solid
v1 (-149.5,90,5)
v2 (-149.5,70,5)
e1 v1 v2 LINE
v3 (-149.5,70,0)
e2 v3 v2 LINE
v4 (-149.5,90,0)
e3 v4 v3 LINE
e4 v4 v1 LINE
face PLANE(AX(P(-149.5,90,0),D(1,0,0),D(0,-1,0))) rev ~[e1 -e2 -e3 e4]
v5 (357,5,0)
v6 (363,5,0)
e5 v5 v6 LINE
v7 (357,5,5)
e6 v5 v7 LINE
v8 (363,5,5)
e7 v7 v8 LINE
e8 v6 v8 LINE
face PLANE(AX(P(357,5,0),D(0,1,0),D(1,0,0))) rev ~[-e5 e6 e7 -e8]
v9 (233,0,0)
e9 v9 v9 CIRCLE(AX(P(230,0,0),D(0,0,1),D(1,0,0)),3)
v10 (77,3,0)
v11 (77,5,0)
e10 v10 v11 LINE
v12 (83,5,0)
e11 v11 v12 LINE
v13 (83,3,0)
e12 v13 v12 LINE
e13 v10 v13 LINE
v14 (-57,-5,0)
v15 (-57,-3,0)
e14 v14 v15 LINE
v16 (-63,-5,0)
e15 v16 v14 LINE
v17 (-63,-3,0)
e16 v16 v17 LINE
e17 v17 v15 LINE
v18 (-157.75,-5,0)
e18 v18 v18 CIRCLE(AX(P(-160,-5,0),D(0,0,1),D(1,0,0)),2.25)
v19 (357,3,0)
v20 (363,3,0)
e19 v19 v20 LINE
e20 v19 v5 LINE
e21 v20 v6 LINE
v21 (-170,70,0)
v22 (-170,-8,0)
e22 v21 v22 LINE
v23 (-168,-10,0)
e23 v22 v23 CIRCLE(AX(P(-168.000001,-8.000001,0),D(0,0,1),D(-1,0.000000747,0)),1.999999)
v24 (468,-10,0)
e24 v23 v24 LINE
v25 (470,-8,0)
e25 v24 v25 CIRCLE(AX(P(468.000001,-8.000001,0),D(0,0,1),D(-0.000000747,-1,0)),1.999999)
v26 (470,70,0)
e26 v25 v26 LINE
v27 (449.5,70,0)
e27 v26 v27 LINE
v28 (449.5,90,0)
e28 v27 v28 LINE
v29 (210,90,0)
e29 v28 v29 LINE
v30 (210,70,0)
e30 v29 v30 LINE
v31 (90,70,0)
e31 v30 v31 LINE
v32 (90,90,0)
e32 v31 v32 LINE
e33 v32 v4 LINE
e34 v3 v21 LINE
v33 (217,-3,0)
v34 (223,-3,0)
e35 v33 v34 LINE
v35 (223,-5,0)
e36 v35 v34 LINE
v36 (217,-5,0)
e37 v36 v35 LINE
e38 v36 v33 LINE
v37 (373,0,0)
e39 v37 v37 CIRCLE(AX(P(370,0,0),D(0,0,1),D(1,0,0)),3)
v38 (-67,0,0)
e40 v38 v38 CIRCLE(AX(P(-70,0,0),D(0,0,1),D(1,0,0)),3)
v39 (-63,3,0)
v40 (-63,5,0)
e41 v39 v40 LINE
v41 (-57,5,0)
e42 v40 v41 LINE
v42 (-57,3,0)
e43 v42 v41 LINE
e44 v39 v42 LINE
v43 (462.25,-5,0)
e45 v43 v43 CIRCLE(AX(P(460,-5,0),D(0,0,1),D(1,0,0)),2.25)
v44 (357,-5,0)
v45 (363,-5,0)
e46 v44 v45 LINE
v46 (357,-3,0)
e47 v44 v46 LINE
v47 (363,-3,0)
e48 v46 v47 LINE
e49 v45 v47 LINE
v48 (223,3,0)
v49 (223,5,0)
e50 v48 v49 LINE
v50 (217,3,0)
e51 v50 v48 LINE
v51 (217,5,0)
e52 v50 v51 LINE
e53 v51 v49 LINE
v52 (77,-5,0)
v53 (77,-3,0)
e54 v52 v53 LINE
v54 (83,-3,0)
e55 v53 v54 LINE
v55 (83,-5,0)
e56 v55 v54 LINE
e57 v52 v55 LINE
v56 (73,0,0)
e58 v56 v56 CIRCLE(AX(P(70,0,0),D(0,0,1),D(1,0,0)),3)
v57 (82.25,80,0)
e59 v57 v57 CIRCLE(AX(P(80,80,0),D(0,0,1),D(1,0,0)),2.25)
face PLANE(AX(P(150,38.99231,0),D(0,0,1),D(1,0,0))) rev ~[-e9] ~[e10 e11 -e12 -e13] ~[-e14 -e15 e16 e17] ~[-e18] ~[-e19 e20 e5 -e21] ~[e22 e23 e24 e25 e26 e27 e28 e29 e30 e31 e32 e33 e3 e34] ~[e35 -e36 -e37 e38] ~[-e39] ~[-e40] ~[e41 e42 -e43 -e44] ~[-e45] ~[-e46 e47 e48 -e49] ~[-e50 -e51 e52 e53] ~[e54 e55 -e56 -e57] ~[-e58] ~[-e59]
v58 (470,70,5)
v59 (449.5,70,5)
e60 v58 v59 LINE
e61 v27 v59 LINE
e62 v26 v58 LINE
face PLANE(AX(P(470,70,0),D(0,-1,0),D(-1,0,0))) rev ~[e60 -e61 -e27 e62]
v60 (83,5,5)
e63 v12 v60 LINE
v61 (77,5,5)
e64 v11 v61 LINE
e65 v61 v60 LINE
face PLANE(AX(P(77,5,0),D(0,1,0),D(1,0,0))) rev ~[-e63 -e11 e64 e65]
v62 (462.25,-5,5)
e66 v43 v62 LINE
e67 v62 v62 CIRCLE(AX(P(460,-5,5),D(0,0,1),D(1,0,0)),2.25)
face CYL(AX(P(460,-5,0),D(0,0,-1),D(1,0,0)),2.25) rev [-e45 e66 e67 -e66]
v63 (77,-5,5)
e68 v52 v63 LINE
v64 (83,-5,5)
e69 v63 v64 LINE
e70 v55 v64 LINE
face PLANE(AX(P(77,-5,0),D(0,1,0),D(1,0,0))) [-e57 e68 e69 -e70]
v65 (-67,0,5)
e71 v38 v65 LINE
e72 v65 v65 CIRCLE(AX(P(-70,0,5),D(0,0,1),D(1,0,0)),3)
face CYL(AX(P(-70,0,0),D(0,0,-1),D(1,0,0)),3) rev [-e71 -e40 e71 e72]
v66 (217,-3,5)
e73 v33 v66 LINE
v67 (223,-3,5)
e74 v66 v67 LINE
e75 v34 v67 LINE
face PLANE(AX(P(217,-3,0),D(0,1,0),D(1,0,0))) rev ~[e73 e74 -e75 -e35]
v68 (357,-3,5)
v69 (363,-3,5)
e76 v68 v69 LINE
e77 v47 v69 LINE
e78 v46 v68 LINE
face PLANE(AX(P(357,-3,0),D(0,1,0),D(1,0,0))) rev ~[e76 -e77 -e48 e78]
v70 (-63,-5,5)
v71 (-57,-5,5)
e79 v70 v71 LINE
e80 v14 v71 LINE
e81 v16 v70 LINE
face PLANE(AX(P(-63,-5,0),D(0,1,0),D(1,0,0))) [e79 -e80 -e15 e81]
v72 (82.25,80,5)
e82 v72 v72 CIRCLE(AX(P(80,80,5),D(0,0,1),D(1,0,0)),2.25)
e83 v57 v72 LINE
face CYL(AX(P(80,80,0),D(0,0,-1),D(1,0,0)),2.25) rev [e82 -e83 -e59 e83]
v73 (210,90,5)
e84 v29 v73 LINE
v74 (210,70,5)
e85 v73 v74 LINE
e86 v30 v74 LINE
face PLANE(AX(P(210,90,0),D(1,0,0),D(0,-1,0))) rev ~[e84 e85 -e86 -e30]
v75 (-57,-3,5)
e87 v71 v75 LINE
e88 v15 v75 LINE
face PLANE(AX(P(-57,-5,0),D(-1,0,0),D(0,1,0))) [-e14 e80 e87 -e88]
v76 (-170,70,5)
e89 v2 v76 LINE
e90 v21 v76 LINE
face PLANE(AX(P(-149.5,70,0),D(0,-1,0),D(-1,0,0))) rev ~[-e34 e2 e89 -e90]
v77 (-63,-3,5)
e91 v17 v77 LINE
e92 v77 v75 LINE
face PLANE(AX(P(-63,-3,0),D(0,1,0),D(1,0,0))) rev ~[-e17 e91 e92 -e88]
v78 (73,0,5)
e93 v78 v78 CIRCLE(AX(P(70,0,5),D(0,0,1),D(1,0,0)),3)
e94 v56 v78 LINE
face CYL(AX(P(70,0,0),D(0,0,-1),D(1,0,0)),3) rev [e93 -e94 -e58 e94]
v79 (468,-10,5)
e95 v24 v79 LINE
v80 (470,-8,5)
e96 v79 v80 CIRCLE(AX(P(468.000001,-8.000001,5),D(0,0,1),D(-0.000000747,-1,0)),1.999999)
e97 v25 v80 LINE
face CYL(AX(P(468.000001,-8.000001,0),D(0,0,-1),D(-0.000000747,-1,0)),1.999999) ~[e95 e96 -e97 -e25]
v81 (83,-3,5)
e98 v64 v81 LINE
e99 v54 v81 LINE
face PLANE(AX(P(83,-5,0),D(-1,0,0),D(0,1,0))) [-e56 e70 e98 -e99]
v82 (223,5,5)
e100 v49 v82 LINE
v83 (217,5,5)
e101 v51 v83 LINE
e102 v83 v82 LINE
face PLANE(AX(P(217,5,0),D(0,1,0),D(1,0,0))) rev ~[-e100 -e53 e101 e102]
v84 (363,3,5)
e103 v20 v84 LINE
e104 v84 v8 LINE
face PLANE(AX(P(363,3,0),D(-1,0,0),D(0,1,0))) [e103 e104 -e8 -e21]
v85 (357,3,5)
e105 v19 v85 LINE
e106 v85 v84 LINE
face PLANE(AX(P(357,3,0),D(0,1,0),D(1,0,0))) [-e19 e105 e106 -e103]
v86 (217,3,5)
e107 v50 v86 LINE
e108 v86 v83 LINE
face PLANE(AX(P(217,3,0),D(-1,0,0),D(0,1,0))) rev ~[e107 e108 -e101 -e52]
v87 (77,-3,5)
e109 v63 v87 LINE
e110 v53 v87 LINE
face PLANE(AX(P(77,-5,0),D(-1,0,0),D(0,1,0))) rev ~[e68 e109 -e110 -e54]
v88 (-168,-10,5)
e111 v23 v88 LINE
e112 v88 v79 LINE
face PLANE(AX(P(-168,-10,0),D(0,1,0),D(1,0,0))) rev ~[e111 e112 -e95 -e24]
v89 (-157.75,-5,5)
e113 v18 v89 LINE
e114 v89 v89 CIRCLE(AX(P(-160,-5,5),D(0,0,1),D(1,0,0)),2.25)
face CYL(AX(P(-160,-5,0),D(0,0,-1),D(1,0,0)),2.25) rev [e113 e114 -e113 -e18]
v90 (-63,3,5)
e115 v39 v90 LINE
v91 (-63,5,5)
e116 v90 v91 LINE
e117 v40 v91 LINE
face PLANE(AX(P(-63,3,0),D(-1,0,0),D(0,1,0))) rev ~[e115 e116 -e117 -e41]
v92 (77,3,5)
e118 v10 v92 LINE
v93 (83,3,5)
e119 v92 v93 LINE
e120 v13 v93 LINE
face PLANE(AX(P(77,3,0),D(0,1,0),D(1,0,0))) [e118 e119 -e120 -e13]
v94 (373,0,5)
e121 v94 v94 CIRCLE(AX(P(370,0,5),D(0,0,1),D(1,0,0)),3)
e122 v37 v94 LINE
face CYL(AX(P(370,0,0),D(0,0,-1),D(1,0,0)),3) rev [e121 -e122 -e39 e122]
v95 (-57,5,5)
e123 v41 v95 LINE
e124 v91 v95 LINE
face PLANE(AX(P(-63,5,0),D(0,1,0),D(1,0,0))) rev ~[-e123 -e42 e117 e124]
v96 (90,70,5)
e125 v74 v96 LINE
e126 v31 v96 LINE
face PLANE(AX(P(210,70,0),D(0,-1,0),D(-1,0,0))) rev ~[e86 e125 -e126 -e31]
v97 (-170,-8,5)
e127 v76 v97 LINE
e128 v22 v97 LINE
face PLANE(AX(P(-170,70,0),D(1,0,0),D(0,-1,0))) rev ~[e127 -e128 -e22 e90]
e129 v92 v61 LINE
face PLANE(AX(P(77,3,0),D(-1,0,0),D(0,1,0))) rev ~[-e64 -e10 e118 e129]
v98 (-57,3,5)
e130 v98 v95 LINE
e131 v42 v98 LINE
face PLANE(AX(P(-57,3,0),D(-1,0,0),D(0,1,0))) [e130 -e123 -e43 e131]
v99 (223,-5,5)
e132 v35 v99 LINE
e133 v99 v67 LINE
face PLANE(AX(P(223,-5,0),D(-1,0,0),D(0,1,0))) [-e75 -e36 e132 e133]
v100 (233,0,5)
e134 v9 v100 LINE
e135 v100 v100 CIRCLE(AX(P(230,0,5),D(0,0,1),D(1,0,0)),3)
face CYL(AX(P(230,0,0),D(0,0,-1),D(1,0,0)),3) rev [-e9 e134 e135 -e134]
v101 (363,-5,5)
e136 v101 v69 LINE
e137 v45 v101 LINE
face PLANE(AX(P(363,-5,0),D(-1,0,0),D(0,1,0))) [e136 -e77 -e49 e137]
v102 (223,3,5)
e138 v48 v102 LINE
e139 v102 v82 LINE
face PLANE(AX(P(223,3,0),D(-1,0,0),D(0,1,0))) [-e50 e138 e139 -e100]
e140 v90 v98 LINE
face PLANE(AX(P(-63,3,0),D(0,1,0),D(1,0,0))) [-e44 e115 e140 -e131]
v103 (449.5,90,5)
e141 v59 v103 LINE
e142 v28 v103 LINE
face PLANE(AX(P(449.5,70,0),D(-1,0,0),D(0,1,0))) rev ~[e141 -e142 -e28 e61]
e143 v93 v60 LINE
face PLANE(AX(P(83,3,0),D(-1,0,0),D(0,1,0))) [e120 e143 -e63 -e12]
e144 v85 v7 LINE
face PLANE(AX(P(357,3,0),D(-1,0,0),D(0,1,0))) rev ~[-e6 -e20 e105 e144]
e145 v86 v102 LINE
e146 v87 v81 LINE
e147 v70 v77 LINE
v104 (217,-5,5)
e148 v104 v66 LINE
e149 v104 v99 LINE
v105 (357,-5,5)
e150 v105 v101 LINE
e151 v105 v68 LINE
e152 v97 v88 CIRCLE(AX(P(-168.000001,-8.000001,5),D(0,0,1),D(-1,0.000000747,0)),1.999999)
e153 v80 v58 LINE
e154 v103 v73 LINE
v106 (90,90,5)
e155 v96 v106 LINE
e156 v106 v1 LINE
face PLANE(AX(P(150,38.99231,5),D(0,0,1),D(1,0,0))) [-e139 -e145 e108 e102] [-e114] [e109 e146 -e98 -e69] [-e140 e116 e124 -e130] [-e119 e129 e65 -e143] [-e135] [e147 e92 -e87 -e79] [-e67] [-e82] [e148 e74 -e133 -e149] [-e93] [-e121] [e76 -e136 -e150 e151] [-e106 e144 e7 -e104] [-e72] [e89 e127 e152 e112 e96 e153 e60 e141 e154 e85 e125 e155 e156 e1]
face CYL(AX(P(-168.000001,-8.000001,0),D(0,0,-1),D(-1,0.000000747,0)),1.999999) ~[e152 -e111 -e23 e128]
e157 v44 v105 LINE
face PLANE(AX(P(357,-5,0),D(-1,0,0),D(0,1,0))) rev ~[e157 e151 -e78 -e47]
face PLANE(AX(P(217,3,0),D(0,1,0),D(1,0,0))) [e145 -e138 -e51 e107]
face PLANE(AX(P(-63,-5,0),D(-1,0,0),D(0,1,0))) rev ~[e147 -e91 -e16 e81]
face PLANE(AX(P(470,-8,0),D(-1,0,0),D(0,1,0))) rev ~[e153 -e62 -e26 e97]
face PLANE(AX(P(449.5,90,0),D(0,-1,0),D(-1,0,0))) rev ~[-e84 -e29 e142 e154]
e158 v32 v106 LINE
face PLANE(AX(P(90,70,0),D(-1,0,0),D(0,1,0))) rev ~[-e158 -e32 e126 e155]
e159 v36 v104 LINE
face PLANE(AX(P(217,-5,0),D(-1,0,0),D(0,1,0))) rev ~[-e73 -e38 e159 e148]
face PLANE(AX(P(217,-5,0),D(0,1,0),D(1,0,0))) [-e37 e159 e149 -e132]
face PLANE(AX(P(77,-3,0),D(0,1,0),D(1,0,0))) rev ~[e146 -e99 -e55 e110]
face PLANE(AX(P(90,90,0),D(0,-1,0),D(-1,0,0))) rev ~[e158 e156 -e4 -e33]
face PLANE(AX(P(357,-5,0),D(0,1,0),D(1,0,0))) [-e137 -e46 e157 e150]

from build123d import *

# Parameters (mm, degrees)
F0_R     = 2.25
F0_W     = 6
F0_H     = 2
F0_R_2   = 3
F1_DEPTH = 5


with BuildPart() as f1:
    # F0 (on Top) → F1 (new body)
    with BuildSketch(Plane.XY):
        with BuildLine():
            ThreePointArc((-170, -8), (-169.414214, -9.414214), (-168, -10))
            Line((-168, -10), (468, -10))
            ThreePointArc((468, -10), (469.414214, -9.414214), (470, -8))
            Line((470, -8), (470, 70))
            Line((470, 70), (449.5, 70))
            Line((449.5, 70), (449.5, 90))
            Line((449.5, 90), (210, 90))
            Line((210, 90), (210, 70))
            Line((210, 70), (90, 70))
            Line((90, 70), (90, 90))
            Line((90, 90), (-149.5, 90))
            Line((-149.5, 90), (-149.5, 70))
            Line((-149.5, 70), (-170, 70))
            Line((-170, 70), (-170, -8))
        make_face()
        with Locations((-160, -5)):
            Circle(F0_R, mode=Mode.SUBTRACT)
        with Locations((-60, -4)):
            Rectangle(F0_W, F0_H, mode=Mode.SUBTRACT)
        with Locations((-70, 0)):
            Circle(F0_R_2, mode=Mode.SUBTRACT)
        with Locations((-60, 4)):
            Rectangle(F0_W, F0_H, mode=Mode.SUBTRACT)
        with Locations((80, -4)):
            Rectangle(F0_W, F0_H, mode=Mode.SUBTRACT)
        with Locations((70, 0)):
            Circle(F0_R_2, mode=Mode.SUBTRACT)
        with Locations((80, 4)):
            Rectangle(F0_W, F0_H, mode=Mode.SUBTRACT)
        with Locations((220, -4)):
            Rectangle(F0_W, F0_H, mode=Mode.SUBTRACT)
        with Locations((230, 0)):
            Circle(F0_R_2, mode=Mode.SUBTRACT)
        with Locations((220, 4)):
            Rectangle(F0_W, F0_H, mode=Mode.SUBTRACT)
        with Locations((360, -4)):
            Rectangle(F0_W, F0_H, mode=Mode.SUBTRACT)
        with Locations((370, 0)):
            Circle(F0_R_2, mode=Mode.SUBTRACT)
        with Locations((460, -5)):
            Circle(F0_R, mode=Mode.SUBTRACT)
        with Locations((360, 4)):
            Rectangle(F0_W, F0_H, mode=Mode.SUBTRACT)
        with Locations((80, 80)):
            Circle(F0_R, mode=Mode.SUBTRACT)
    extrude(amount=F1_DEPTH)


solid = f1.part
